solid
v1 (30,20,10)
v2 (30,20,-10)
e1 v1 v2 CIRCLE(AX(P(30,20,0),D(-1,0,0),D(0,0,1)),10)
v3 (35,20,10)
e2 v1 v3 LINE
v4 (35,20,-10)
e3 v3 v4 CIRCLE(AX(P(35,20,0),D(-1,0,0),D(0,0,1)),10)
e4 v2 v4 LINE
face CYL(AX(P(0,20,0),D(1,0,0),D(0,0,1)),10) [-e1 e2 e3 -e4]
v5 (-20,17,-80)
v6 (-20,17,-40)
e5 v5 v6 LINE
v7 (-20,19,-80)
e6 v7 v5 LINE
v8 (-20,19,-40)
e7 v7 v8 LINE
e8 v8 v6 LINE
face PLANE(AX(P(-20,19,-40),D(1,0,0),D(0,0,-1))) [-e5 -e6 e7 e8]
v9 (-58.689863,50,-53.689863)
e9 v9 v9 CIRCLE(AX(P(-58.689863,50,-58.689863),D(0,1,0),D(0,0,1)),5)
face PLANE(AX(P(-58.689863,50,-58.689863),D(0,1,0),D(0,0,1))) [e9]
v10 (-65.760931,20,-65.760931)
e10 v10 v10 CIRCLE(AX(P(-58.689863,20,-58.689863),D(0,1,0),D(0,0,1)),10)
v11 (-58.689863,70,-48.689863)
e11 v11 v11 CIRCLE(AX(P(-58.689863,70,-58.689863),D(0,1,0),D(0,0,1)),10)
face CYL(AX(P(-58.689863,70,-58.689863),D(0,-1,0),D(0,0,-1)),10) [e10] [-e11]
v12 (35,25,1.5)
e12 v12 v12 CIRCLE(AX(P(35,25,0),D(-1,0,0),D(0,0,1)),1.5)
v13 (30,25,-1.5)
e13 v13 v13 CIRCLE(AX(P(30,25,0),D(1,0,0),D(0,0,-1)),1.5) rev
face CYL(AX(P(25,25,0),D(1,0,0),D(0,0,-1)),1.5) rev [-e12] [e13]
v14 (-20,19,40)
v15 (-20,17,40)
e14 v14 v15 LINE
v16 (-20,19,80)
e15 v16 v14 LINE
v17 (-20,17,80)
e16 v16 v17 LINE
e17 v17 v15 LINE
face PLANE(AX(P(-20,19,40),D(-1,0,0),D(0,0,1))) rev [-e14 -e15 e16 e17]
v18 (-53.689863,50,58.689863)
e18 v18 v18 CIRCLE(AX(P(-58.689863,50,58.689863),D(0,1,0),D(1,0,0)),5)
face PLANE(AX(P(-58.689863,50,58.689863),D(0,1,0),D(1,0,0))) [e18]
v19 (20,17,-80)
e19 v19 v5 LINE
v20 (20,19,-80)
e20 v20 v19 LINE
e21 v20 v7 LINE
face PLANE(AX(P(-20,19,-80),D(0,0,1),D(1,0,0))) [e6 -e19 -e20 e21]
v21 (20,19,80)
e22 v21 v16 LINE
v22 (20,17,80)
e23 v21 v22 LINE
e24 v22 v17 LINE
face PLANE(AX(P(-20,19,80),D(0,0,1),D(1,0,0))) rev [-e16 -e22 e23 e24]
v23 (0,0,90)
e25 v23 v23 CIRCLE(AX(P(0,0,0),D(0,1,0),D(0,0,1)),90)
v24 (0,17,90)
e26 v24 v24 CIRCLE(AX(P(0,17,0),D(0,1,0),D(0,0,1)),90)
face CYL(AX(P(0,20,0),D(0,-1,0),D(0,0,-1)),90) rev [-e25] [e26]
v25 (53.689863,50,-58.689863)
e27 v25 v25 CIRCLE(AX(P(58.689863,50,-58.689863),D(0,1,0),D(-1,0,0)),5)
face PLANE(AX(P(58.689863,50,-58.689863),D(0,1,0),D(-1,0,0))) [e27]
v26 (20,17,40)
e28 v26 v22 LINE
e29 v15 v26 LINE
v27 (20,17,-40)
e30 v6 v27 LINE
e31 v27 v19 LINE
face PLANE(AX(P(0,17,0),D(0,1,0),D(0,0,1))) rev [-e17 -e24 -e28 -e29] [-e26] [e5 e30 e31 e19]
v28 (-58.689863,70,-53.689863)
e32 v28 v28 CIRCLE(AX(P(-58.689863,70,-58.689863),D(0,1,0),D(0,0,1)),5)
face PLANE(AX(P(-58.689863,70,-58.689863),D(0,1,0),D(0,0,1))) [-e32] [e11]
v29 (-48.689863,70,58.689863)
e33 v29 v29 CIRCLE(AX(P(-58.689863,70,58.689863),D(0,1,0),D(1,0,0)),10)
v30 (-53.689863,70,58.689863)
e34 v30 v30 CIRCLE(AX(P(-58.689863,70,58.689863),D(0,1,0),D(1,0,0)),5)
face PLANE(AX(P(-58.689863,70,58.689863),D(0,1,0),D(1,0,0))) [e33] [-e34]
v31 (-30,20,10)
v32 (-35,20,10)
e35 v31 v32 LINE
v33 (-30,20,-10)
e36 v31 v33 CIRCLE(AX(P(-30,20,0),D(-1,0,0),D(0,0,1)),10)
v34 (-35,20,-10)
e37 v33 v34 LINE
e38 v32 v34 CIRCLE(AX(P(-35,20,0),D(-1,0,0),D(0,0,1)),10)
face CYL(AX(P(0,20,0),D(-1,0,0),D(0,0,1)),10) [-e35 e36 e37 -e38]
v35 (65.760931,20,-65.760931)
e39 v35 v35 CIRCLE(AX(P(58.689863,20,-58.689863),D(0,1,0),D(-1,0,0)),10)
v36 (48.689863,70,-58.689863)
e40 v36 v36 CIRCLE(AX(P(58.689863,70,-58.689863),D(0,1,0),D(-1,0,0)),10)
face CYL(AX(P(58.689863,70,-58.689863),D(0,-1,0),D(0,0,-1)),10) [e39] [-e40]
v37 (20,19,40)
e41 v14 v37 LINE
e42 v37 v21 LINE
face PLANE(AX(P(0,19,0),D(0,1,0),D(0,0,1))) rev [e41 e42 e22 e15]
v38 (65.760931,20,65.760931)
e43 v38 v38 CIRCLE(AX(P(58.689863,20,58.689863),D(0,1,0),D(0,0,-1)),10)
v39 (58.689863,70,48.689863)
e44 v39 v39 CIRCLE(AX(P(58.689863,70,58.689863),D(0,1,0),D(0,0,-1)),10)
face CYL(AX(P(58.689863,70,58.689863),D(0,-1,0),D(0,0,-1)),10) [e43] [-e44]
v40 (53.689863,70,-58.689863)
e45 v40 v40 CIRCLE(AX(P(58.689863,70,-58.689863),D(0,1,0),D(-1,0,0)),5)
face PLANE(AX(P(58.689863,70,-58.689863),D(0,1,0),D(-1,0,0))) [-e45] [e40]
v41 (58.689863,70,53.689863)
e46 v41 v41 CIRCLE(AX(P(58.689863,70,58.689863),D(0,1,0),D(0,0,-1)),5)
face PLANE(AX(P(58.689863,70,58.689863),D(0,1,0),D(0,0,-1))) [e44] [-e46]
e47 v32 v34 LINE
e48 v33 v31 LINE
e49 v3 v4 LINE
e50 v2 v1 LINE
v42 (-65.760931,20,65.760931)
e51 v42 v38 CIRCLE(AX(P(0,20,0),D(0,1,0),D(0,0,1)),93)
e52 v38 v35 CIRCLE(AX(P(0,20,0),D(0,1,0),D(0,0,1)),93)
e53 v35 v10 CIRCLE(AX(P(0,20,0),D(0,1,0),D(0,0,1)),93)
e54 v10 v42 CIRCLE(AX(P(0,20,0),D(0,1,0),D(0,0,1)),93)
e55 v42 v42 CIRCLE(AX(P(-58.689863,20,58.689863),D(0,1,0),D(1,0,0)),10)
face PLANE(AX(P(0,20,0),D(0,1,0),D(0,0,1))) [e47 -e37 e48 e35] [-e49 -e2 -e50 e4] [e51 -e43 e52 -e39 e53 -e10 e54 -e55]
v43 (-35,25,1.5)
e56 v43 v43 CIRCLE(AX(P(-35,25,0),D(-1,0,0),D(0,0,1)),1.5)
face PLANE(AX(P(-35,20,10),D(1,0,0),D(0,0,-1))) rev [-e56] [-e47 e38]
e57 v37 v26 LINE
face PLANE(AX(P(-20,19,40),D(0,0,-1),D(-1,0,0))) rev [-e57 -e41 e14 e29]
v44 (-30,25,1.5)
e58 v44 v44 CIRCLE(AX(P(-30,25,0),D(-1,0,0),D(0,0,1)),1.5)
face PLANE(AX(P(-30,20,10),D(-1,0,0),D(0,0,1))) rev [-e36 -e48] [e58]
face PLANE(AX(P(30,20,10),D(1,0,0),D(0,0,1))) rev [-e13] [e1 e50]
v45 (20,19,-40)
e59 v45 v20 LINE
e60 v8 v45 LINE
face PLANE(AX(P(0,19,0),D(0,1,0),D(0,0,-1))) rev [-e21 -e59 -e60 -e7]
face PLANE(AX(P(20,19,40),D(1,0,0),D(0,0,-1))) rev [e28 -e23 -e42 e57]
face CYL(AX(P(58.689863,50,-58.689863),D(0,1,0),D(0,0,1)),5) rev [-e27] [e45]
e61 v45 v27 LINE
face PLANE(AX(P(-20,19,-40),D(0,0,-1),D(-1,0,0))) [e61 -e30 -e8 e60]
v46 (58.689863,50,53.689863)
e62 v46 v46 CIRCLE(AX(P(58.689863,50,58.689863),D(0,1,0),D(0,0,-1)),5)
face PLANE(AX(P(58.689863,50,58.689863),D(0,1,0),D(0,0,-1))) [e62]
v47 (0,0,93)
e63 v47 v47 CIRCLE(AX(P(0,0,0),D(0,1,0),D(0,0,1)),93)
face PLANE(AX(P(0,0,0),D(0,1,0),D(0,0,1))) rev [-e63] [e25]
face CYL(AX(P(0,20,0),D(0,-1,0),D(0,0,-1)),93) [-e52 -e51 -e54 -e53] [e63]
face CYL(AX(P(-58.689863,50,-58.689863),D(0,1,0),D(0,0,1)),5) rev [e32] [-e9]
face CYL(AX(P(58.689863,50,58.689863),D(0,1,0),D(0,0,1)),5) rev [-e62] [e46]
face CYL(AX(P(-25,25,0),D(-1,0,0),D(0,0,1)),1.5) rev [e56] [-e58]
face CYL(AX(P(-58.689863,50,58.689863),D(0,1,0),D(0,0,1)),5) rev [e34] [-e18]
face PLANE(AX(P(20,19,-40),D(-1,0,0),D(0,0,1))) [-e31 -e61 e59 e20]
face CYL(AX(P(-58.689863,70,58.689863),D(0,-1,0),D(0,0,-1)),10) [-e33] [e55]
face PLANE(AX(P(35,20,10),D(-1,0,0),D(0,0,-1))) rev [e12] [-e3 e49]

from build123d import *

# Parameters (mm, degrees)
SKETCH1_R           = 93
BOSS_EXTRUDE1_DEPTH = 20
SHELL1_T            = -3
SKETCH2_W           = 5
SKETCH2_H           = 10
REVOLVE1_ANGLE      = 180
SKETCH7_R           = 1.5
CUT_EXTRUDE1_DEPTH  = 10
SKETCH8_W           = 40
SKETCH8_H           = 40
CUT_EXTRUDE2_DEPTH  = 2
SKETCH9_R           = 10
BOSS_EXTRUDE2_DEPTH = 50
SKETCH10_R          = 5
CUT_EXTRUDE3_DEPTH  = 20
CIRPATTERN1_COUNT   = 4


with BuildPart() as part:
    # Sketch1 → Boss-Extrude1 (new body)
    with BuildSketch(Plane(origin=(0, 0, 0), x_dir=(1, 0, 0), z_dir=(0, 1, 0))):
        with Locations(Location((0, 0, 0), (0, 0, 270))):
            Circle(SKETCH1_R)
    extrude(amount=BOSS_EXTRUDE1_DEPTH)

    # Shell1
    shell1_openings = [part.faces().sort_by_distance(p)[0] for p in [
        (0, 0, 0),
    ]]
    offset(amount=SHELL1_T, openings=shell1_openings, kind=Kind.INTERSECTION)

    # Sketch2 → Revolve1 (revolve)
    with BuildSketch(Plane(origin=(0, 20, 0), x_dir=(1, 0, 0), z_dir=(0, 1, 0))):
        with Locations((-32.5, 5)):
            Rectangle(SKETCH2_W, SKETCH2_H)
    revolve1 = revolve(axis=Axis((0, 20, 0), (1, 0, 0)), revolution_arc=REVOLVE1_ANGLE)

    # Sketch7 → Cut-Extrude1 (cut)
    with BuildSketch(Plane.ZY.offset(35)):
        with Locations((0, 25)):
            Circle(SKETCH7_R)
    cut_extrude1 = extrude(amount=-CUT_EXTRUDE1_DEPTH, mode=Mode.SUBTRACT)

    # Mirror1: Revolve1, Cut-Extrude1 across plane
    add(revolve1.mirror(Plane(origin=(0, 0, 0), x_dir=(0, 0, 1), z_dir=(1, 0, 0))))
    add(cut_extrude1.mirror(Plane(origin=(0, 0, 0), x_dir=(0, 0, 1), z_dir=(1, 0, 0))), mode=Mode.SUBTRACT)

    # Sketch8 → Cut-Extrude2 (cut)
    with BuildSketch(Plane.XZ.offset(-17)):
        with Locations((0, 60)):
            Rectangle(SKETCH8_W, SKETCH8_H)
    cut_extrude2 = extrude(amount=-CUT_EXTRUDE2_DEPTH, mode=Mode.SUBTRACT)

    # Mirror2: Cut-Extrude2 across plane
    add(cut_extrude2.mirror(Plane.XY), mode=Mode.SUBTRACT)

    # Sketch9 → Boss-Extrude2 (add)
    with BuildSketch(Plane(origin=(0, 20, 0), x_dir=(1, 0, 0), z_dir=(0, 1, 0))):
        with Locations(Location((-58.689862838, 58.689862838, 0), (0, 0, 135))):
            Circle(SKETCH9_R)
    boss_extrude2 = extrude(amount=BOSS_EXTRUDE2_DEPTH)

    # Sketch10 → Cut-Extrude3 (cut)
    with BuildSketch(Plane(origin=(0, 70, 0), x_dir=(1, 0, 0), z_dir=(0, 1, 0))):
        with Locations(Location((-58.689862838, 58.689862838, 0), (0, 0, 270))):
            Circle(SKETCH10_R)
    cut_extrude3 = extrude(amount=-CUT_EXTRUDE3_DEPTH, mode=Mode.SUBTRACT)

    # CirPattern1: Boss-Extrude2, Cut-Extrude3 ×4 about axis
    cirpattern1_axis = Axis((0, 0, 0), (0, 1, 0))
    add([boss_extrude2.rotate(cirpattern1_axis, i * 360 / CIRPATTERN1_COUNT) for i in range(1, CIRPATTERN1_COUNT)])
    add([cut_extrude3.rotate(cirpattern1_axis, i * 360 / CIRPATTERN1_COUNT) for i in range(1, CIRPATTERN1_COUNT)], mode=Mode.SUBTRACT)


solid = part.part
